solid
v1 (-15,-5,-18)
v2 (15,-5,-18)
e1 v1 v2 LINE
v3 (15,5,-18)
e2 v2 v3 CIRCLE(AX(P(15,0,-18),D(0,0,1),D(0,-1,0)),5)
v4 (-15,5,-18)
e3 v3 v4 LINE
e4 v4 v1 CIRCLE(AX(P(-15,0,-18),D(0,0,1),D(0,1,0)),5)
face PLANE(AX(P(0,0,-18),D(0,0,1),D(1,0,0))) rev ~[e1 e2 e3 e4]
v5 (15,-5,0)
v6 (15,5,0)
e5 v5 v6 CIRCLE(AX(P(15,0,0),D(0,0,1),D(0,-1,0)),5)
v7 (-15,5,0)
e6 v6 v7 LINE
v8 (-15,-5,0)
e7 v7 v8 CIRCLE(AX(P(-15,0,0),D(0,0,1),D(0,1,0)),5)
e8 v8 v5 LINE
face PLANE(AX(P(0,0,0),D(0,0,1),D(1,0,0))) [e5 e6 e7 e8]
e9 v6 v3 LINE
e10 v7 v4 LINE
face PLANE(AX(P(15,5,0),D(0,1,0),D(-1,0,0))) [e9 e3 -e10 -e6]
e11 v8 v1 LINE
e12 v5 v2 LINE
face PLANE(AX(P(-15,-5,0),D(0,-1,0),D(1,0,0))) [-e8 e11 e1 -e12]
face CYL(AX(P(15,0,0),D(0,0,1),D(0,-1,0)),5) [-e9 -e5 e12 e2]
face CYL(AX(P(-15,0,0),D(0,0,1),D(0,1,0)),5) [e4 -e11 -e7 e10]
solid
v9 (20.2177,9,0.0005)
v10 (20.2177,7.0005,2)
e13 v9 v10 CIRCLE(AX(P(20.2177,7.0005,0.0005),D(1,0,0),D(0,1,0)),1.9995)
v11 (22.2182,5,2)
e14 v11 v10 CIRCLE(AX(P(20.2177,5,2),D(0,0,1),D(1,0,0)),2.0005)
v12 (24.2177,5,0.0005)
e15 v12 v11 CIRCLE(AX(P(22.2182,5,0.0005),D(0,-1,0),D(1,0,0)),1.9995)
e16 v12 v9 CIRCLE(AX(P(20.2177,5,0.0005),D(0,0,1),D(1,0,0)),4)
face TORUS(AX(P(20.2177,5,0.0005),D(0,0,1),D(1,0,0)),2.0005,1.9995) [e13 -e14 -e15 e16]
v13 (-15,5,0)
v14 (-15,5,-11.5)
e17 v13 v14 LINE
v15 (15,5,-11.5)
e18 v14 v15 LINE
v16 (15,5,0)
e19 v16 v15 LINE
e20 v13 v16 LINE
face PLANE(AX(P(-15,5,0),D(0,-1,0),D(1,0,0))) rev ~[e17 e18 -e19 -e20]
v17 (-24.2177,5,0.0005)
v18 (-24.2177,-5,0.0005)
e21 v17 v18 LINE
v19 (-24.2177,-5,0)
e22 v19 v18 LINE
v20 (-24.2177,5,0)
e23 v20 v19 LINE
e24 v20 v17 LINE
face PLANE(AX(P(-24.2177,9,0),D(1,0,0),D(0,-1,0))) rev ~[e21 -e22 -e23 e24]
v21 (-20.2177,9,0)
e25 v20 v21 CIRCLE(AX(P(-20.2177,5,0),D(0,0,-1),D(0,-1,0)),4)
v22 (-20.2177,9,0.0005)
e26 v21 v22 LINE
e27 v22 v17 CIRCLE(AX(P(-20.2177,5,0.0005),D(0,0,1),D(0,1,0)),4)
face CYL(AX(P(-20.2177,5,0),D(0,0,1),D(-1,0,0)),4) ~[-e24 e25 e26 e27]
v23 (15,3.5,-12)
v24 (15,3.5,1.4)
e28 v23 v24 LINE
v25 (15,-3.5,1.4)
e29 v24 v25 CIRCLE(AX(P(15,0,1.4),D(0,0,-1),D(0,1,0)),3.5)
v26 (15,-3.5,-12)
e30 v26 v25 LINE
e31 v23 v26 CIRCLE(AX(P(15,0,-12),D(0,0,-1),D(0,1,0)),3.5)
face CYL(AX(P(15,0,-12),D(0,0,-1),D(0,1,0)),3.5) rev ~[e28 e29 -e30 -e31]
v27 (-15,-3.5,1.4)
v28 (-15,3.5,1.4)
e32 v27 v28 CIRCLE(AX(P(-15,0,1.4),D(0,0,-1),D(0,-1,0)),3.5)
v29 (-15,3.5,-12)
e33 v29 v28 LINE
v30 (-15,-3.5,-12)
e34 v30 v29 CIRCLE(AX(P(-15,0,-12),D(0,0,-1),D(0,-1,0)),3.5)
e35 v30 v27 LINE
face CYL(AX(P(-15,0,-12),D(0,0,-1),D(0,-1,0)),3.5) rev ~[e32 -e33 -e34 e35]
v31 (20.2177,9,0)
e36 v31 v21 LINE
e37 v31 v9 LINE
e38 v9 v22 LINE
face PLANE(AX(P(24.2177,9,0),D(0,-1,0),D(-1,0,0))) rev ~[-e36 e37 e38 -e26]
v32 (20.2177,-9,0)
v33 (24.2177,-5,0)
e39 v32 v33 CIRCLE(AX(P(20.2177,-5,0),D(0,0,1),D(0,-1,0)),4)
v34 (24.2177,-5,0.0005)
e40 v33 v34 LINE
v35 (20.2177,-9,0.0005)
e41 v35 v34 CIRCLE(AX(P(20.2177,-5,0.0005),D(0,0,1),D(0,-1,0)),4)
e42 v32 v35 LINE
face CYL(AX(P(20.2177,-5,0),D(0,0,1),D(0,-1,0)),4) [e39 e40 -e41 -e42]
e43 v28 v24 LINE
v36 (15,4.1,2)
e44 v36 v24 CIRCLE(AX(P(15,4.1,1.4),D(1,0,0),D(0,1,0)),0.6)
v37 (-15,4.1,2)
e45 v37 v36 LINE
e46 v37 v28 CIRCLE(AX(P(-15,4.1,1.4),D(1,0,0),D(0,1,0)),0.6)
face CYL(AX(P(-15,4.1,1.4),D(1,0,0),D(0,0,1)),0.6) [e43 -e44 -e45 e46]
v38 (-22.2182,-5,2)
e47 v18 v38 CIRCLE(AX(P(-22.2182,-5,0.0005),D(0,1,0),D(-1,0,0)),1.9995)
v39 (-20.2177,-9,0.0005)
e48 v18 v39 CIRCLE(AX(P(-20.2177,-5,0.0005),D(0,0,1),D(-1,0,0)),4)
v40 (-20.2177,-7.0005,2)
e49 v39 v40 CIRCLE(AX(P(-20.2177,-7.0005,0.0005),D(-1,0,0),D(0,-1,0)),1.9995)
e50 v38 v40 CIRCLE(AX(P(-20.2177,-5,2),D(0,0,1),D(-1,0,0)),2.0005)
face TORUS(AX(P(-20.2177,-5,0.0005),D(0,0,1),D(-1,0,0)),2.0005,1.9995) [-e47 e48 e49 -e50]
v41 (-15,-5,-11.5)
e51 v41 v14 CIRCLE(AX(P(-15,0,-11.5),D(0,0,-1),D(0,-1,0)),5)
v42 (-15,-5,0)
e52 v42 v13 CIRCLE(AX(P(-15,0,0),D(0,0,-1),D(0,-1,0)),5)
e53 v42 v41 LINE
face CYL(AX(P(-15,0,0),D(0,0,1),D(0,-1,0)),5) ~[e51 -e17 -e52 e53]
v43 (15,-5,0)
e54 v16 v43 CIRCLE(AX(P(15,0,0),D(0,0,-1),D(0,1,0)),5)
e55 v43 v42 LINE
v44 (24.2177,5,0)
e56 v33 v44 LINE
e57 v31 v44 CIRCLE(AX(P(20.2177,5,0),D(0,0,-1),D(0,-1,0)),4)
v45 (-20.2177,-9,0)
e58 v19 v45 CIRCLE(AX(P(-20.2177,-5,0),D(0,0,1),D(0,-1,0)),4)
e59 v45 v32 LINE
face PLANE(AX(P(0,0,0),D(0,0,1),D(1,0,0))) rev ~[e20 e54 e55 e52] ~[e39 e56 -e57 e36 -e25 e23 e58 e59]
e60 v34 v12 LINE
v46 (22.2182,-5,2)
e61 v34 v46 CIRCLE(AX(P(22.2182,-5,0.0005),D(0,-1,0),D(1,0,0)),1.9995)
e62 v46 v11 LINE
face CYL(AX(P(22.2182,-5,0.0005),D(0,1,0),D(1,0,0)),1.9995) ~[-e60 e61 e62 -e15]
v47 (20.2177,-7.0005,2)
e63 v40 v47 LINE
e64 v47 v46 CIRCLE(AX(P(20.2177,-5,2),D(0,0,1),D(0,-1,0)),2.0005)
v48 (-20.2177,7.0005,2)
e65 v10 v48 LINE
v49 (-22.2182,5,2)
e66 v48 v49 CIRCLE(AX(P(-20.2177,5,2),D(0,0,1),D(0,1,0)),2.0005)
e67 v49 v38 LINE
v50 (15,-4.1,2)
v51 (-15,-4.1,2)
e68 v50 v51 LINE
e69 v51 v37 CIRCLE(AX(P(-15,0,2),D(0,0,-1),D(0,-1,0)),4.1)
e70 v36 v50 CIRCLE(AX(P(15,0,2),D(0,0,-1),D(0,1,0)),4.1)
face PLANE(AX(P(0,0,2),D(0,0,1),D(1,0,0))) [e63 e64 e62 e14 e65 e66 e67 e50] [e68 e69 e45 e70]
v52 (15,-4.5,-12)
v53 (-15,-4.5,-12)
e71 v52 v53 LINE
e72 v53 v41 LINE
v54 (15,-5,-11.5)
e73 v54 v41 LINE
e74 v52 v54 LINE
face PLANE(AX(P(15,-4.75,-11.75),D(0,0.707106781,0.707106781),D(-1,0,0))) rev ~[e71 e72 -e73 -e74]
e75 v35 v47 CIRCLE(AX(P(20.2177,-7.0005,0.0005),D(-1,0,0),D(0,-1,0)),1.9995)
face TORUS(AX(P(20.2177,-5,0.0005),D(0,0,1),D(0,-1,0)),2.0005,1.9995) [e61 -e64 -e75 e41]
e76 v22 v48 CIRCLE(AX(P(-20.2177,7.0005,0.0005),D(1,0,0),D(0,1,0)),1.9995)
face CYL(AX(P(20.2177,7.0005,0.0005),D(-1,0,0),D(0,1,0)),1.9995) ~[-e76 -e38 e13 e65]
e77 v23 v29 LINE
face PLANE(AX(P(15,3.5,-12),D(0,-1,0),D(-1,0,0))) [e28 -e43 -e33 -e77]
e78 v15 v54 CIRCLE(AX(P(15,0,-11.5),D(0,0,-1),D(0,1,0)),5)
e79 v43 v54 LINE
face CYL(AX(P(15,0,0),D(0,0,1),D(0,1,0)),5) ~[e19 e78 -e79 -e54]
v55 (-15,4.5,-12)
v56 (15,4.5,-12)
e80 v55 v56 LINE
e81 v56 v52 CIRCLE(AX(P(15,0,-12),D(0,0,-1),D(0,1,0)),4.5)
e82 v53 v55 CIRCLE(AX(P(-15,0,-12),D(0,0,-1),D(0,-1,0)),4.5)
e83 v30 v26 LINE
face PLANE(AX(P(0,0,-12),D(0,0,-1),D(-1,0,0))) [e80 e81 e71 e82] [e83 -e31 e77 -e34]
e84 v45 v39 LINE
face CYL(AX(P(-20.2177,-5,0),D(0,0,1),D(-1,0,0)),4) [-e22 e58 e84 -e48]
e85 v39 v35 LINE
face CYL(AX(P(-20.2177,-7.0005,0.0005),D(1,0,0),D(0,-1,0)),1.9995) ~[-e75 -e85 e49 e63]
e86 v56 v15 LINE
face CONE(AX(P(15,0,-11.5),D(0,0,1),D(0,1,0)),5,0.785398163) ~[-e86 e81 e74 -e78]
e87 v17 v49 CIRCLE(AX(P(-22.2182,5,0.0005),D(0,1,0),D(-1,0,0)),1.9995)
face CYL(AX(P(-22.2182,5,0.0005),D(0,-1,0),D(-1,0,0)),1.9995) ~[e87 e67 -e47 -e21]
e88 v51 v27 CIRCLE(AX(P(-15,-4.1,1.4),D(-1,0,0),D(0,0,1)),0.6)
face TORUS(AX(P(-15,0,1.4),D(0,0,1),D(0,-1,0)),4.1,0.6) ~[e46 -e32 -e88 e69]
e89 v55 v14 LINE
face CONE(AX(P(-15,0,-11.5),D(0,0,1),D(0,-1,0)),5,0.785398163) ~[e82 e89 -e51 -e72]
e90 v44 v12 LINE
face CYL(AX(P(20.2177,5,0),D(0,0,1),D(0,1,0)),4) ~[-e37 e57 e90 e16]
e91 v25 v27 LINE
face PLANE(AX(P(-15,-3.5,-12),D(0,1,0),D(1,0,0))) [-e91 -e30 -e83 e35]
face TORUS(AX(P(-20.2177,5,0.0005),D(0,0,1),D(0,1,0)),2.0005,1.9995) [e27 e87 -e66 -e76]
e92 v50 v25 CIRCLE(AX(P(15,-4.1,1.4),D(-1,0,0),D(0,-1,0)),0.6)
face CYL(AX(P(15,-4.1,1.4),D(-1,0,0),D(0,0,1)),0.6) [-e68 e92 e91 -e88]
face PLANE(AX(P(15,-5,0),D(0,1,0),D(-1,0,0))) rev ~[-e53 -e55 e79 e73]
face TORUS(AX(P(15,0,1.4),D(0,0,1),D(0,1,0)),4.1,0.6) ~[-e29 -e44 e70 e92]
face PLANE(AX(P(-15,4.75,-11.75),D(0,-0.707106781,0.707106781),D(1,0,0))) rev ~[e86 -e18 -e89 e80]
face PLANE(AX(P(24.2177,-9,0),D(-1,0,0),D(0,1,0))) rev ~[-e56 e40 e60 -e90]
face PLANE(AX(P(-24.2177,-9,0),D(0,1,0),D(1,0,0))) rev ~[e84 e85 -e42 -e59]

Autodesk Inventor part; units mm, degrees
ref_plane "YZ Plane" through (0, 0, 0) normal (1, 0, 0) x (0, 1, 0)
ref_plane "XZ Plane" through (0, 0, 0) normal (0, 1, 0) x (-1, 0, 0)
ref_plane "XY Plane" through (0, 0, 0) normal (0, 0, 1) x (1, 0, 0)
sketch "Sketch1" plane through (0, 0, 0) normal (0, 0, 1) x (1, 0, 0)
  line L0 (-15, 0) -> (15, 0) construction
  line L1 (-15, -5) -> (15, -5)
  line L2 (15, 5) -> (-15, 5)
  arc A0 (-15, 5) -> (-15, -5) centre (-15, 0) ccw
  arc A1 (15, -5) -> (15, 5) centre (15, 0) ccw
  line L3 (-20, -5) -> (20, -5) construction
  line L4 (20, -5) -> (20, 5) construction
  line L5 (20, 5) -> (-20, 5) construction
  line L6 (-20, 5) -> (-20, -5) construction
  line L7 (-20, -5) -> (20, 5) construction
  line L8 (20, -5) -> (-20, 5) construction
  point P0 (0, 0)
  dimension "d1" = 10
  dimension "Length" = 40
extrude "Extrusion1" add sketch "Sketch1" against normal blind 18
sketch "Sketch2" plane through (0, 0, 0) normal (0, 0, 1) x (1, 0, 0)
  line L0 (-24.2177, -9) -> (24.2177, -9)
  line L1 (24.2177, -9) -> (24.2177, 9)
  line L2 (24.2177, 9) -> (-24.2177, 9)
  line L3 (-24.2177, 9) -> (-24.2177, -9)
  line L4 (-24.2177, -9) -> (24.2177, 9) construction
  line L5 (24.2177, -9) -> (-24.2177, 9) construction
  line L6 (15, 5) -> (-15, 5) projected
  line L7 (-20, 5.8694) -> (-20, -5.995) construction
  arc A0 (-15, 5) -> (-15, -5) centre (-15, 0) ccw projected
  point P0 (0, 0)
  dimension "d4" = 4
  dimension "d5" = 4.2177
extrude "Extrusion2" add sketch "Sketch2" along normal blind 2 separate body
sketch "Sketch3" plane through (0, 0, 0) normal (0, 0, -1) x (-1, 0, 0)
  arc A0 (-15, 5) -> (-15, -5) centre (-15, 0) ccw projected
  line L0 (-15, -5) -> (15, -5) projected
  arc A1 (15, -5) -> (15, 5) centre (15, 0) ccw projected
  line L1 (15, 5) -> (-15, 5) projected
  point P0 (0, 0)
extrude "Extrusion3" add sketch "Sketch3" along normal blind 12 bodies 2
sketch "Sketch4" plane through (0, 0, -12) normal (0, 0, -1) x (-1, 0, 0)
  line L0 (-15, -5) -> (15, -5) projected
  arc A0 (15, -5) -> (15, 5) centre (15, 0) ccw projected
  line L1 (15, 5) -> (-15, 5) projected
  arc A1 (-15, 5) -> (-15, -5) centre (-15, 0) ccw projected
  line L2 (15, -3.5) -> (-15, -3.5)
  arc A2 (-15, 3.5) -> (-15, -3.5) centre (-15, 0) ccw
  line L3 (-15, 3.5) -> (15, 3.5)
  arc A3 (15, -3.5) -> (15, 3.5) centre (15, 0) ccw
  point P0 (0, 0)
  dimension "d10" = 1.5
extrude "Extrusion4" cut sketch "Sketch4" against normal through all contours L2 A2 L3 A3 bodies 2
fillet "Fillet1" radius 4 4 edges at (-24.2177, -9, 1) (-24.2177, 9, 1) (24.2177, -9, 1) (24.2177, 9, 1)
fillet "Fillet2" radius 2 8 edges at (-23.0462, -7.8284, 2) (0, -9, 2) (23.0462, -7.8284, 2) (24.2177, 0, 2) (23.0462, 7.8284, 2) (0, 9, 2) (-23.0462, 7.8284, 2) (-24.2177, 0, 2)
fillet "Fillet3" radius 0.6 4 edges at (18.5, 0, 2) (0, -3.5, 2) (-18.5, 0, 2) (0, 3.5, 2)
chamfer "Chamfer1" distance 0.5 angle 45 4 edges at (0, -5, -12) (-20, 0, -12) (0, 5, -12) (20, 0, -12)
sketch "Sketch5" plane through (0, 0, -18) normal (0, 0, -1) x (-1, 0, 0)
  point P0 (0, 0)
properties part number "Aisle L40" material "Aluminum 6061-AHC"
